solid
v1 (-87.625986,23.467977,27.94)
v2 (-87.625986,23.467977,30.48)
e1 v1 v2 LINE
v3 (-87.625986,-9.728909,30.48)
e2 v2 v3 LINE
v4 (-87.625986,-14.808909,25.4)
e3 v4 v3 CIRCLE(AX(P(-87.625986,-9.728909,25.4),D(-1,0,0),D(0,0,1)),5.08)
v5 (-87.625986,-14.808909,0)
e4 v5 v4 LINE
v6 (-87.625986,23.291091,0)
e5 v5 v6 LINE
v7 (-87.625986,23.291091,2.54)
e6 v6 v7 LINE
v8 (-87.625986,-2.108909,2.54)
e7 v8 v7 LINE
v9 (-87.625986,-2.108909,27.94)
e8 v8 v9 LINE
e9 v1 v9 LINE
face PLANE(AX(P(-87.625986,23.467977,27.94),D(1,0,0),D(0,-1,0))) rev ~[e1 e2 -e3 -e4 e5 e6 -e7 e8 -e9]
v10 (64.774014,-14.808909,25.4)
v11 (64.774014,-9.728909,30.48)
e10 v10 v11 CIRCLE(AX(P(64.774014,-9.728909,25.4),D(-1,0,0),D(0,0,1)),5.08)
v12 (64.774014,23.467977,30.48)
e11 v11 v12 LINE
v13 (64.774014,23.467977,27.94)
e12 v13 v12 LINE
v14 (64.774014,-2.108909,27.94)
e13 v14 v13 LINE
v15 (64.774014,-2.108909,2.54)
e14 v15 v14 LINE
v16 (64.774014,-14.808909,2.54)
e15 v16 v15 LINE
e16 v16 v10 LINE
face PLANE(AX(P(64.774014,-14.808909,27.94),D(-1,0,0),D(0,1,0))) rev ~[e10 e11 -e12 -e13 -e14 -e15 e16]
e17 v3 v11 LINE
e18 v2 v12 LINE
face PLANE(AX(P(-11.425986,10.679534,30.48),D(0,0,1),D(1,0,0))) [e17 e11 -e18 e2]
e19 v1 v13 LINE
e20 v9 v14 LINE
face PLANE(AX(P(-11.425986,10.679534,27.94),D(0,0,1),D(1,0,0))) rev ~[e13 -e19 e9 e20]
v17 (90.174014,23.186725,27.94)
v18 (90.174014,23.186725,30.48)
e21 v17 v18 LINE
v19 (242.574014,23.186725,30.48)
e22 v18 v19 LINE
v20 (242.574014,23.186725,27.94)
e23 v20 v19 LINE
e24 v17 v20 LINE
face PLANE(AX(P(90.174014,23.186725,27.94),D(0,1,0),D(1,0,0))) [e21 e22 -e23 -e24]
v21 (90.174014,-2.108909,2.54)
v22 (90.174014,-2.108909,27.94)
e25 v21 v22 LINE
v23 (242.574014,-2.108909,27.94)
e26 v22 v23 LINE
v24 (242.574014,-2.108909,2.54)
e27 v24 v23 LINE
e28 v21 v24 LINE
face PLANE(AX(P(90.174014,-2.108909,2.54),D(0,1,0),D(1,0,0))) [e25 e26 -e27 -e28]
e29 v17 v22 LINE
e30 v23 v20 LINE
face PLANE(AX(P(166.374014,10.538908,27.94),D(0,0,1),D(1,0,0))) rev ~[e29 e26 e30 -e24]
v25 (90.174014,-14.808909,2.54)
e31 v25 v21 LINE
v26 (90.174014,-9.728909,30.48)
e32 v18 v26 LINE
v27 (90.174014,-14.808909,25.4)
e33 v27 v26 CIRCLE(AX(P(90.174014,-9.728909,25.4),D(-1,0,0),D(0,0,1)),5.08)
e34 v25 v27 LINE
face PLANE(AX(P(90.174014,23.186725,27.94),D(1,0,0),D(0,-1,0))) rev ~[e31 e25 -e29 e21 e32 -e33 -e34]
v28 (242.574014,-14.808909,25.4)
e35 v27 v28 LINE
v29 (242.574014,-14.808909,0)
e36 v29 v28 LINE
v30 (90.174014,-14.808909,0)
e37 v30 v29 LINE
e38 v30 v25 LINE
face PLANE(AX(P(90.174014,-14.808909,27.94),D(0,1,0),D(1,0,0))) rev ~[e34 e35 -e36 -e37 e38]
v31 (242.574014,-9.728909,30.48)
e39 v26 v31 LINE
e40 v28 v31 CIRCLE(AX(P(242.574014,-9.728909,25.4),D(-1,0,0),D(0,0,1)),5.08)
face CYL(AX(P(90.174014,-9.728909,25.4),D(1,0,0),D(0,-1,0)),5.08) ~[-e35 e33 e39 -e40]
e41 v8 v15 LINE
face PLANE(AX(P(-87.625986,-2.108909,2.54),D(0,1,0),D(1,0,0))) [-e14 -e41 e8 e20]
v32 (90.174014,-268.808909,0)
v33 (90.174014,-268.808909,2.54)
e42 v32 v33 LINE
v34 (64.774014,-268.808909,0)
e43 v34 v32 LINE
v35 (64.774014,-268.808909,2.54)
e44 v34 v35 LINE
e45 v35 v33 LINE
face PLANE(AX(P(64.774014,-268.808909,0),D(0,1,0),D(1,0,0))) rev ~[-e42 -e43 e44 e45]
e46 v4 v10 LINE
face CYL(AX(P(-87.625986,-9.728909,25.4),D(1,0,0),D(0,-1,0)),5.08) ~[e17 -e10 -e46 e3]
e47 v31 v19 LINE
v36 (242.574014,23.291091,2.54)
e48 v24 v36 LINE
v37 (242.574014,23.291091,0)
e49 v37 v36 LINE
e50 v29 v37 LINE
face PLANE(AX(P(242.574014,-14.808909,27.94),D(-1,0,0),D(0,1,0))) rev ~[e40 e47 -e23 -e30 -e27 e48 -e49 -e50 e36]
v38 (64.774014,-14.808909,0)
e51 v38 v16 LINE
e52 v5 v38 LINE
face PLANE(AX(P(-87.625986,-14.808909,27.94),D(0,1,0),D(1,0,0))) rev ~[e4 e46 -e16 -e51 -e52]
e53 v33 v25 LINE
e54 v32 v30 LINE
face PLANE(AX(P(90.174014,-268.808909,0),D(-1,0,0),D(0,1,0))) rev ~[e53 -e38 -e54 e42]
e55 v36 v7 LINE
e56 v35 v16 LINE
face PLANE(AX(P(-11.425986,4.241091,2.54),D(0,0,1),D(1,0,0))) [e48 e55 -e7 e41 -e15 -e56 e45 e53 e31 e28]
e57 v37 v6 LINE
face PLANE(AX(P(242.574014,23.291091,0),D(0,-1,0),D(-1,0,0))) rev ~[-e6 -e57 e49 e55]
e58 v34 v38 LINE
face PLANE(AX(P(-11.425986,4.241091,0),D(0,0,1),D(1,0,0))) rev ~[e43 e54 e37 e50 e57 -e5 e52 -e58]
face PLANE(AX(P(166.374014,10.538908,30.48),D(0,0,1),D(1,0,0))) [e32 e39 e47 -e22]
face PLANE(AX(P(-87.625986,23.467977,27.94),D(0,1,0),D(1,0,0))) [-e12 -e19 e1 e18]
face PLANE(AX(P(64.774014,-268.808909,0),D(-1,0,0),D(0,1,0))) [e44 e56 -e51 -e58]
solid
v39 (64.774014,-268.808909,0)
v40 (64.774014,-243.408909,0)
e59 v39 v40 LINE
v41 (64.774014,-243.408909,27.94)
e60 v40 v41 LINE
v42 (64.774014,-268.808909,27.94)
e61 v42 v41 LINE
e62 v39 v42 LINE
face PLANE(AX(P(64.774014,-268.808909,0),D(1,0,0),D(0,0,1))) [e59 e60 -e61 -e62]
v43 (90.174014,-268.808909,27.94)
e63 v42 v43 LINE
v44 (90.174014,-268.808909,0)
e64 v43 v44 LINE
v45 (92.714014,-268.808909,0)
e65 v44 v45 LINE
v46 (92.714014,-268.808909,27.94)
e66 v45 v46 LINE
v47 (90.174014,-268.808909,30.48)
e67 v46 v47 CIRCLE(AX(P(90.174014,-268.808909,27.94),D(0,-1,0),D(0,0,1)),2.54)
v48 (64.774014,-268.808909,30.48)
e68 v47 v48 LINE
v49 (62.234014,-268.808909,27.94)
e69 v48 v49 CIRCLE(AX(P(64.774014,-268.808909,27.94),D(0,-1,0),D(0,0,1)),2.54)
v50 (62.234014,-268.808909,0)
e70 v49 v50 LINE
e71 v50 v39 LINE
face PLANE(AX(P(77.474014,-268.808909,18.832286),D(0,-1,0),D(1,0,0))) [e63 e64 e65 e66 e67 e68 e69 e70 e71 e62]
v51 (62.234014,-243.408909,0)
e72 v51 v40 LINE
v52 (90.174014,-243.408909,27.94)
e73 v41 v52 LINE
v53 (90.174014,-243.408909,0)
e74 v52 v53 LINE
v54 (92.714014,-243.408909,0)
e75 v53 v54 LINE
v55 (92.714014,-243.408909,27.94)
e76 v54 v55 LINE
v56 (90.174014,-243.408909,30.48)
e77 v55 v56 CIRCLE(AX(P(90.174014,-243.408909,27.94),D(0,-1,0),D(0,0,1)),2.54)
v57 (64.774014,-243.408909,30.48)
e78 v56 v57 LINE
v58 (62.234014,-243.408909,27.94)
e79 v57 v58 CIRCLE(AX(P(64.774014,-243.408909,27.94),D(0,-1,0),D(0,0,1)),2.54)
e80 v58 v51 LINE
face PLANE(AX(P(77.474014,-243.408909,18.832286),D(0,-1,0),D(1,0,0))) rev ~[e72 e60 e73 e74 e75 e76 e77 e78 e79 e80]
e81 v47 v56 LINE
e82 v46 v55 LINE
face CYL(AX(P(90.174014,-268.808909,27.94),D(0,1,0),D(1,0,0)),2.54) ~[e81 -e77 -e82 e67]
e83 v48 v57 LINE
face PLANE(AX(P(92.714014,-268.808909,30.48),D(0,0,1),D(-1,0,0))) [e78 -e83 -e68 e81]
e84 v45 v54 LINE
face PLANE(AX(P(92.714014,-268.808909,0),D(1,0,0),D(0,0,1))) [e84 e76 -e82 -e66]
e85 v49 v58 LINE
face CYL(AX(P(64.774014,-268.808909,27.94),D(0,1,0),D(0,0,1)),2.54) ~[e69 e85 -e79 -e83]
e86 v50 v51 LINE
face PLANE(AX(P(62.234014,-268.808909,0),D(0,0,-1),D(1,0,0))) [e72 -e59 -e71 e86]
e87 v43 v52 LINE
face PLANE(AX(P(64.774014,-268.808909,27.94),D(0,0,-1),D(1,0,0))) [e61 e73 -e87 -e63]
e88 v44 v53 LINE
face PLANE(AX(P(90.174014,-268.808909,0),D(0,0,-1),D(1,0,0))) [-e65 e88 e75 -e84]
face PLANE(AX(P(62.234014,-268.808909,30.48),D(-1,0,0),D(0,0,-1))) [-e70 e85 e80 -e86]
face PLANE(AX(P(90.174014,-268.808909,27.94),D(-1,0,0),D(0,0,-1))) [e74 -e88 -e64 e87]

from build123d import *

# Parameters (mm, degrees)
F0_W     = 152.4
F0_H     = 38.1
F0_W_2   = 25.4
F0_H_2   = 254
F1_DEPTH = 2.54
F2_W     = 152.4
F2_H     = 12.7
F3_DEPTH = 25.4
F4_W     = 152.4
F4_H     = 25.576886
F4_H_2   = 12.7
F5_DEPTH = 2.54
F6_W     = 152.4
F6_H     = 25.295634
F6_H_2   = 12.7
F7_DEPTH = 2.54
F9_DEPTH = 25.4
F10_R    = 2.54
F11_R    = 2.54
F12_R    = 5.08
F13_R    = 5.08


with BuildPart() as f1:
    # F0 (on Top) → F1 (new body)
    with BuildSketch(Plane.XY):
        with Locations((-11.425986, 4.241091)):
            Rectangle(F0_W, F0_H)
        with Locations((77.474014, 4.241091)):
            Rectangle(F0_W_2, F0_H)
        with Locations((77.474014, -141.808909)):
            Rectangle(F0_W_2, F0_H_2)
        with Locations((166.374014, 4.241091)):
            Rectangle(F0_W, F0_H)
    extrude(amount=F1_DEPTH)

    # F2 (on face) → F3 (join)
    with BuildSketch(Plane.XY.offset(2.54)):
        with Locations((-11.425986, -8.458909)):
            Rectangle(F2_W, F2_H)
        with Locations((166.374014, -8.458909)):
            Rectangle(F2_W, F2_H)
    extrude(amount=F3_DEPTH)

    # F4 (on face) → F5 (join)
    with BuildSketch(Plane.XY.offset(27.94)):
        with Locations((-11.425986, 10.679534)):
            Rectangle(F4_W, F4_H)
        with Locations((-11.425986, -8.458909)):
            Rectangle(F4_W, F4_H_2)
    extrude(amount=F5_DEPTH)

    # F6 (on face) → F7 (join)
    with BuildSketch(Plane.XY.offset(27.94)):
        with Locations((166.374014, 10.538908)):
            Rectangle(F6_W, F6_H)
        with Locations((166.374014, -8.458909)):
            Rectangle(F6_W, F6_H_2)
    extrude(amount=F7_DEPTH)

    # F12
    f12_edges = [f1.edges().sort_by_distance(p)[0] for p in [
        (166.374014, -14.808909, 30.48),
    ]]
    fillet(f12_edges, radius=F12_R)

    # F13
    f13_edges = [f1.edges().sort_by_distance(p)[0] for p in [
        (-11.425986, -14.808909, 30.48),
    ]]
    fillet(f13_edges, radius=F13_R)


with BuildPart() as f9:
    # F8 (on face) → F9 (new body)
    with BuildSketch(Plane.XZ.offset(268.808909)):
        Polygon((62.234014, 0), (64.774014, 0), (64.774014, 2.54), (64.774014, 27.94), (90.174014, 27.94), (90.174014, 2.54), (90.174014, 0), (92.714014, 0), (92.714014, 30.48), (62.234014, 30.48), align=None)
    extrude(amount=-F9_DEPTH)

    # F10
    f10_edges = [f9.edges().sort_by_distance(p)[0] for p in [
        (92.714014, -256.108909, 30.48),
    ]]
    fillet(f10_edges, radius=F10_R)

    # F11
    f11_edges = [f9.edges().sort_by_distance(p)[0] for p in [
        (62.234014, -256.108909, 30.48),
    ]]
    fillet(f11_edges, radius=F11_R)


solid = Compound([f1.part, f9.part])
